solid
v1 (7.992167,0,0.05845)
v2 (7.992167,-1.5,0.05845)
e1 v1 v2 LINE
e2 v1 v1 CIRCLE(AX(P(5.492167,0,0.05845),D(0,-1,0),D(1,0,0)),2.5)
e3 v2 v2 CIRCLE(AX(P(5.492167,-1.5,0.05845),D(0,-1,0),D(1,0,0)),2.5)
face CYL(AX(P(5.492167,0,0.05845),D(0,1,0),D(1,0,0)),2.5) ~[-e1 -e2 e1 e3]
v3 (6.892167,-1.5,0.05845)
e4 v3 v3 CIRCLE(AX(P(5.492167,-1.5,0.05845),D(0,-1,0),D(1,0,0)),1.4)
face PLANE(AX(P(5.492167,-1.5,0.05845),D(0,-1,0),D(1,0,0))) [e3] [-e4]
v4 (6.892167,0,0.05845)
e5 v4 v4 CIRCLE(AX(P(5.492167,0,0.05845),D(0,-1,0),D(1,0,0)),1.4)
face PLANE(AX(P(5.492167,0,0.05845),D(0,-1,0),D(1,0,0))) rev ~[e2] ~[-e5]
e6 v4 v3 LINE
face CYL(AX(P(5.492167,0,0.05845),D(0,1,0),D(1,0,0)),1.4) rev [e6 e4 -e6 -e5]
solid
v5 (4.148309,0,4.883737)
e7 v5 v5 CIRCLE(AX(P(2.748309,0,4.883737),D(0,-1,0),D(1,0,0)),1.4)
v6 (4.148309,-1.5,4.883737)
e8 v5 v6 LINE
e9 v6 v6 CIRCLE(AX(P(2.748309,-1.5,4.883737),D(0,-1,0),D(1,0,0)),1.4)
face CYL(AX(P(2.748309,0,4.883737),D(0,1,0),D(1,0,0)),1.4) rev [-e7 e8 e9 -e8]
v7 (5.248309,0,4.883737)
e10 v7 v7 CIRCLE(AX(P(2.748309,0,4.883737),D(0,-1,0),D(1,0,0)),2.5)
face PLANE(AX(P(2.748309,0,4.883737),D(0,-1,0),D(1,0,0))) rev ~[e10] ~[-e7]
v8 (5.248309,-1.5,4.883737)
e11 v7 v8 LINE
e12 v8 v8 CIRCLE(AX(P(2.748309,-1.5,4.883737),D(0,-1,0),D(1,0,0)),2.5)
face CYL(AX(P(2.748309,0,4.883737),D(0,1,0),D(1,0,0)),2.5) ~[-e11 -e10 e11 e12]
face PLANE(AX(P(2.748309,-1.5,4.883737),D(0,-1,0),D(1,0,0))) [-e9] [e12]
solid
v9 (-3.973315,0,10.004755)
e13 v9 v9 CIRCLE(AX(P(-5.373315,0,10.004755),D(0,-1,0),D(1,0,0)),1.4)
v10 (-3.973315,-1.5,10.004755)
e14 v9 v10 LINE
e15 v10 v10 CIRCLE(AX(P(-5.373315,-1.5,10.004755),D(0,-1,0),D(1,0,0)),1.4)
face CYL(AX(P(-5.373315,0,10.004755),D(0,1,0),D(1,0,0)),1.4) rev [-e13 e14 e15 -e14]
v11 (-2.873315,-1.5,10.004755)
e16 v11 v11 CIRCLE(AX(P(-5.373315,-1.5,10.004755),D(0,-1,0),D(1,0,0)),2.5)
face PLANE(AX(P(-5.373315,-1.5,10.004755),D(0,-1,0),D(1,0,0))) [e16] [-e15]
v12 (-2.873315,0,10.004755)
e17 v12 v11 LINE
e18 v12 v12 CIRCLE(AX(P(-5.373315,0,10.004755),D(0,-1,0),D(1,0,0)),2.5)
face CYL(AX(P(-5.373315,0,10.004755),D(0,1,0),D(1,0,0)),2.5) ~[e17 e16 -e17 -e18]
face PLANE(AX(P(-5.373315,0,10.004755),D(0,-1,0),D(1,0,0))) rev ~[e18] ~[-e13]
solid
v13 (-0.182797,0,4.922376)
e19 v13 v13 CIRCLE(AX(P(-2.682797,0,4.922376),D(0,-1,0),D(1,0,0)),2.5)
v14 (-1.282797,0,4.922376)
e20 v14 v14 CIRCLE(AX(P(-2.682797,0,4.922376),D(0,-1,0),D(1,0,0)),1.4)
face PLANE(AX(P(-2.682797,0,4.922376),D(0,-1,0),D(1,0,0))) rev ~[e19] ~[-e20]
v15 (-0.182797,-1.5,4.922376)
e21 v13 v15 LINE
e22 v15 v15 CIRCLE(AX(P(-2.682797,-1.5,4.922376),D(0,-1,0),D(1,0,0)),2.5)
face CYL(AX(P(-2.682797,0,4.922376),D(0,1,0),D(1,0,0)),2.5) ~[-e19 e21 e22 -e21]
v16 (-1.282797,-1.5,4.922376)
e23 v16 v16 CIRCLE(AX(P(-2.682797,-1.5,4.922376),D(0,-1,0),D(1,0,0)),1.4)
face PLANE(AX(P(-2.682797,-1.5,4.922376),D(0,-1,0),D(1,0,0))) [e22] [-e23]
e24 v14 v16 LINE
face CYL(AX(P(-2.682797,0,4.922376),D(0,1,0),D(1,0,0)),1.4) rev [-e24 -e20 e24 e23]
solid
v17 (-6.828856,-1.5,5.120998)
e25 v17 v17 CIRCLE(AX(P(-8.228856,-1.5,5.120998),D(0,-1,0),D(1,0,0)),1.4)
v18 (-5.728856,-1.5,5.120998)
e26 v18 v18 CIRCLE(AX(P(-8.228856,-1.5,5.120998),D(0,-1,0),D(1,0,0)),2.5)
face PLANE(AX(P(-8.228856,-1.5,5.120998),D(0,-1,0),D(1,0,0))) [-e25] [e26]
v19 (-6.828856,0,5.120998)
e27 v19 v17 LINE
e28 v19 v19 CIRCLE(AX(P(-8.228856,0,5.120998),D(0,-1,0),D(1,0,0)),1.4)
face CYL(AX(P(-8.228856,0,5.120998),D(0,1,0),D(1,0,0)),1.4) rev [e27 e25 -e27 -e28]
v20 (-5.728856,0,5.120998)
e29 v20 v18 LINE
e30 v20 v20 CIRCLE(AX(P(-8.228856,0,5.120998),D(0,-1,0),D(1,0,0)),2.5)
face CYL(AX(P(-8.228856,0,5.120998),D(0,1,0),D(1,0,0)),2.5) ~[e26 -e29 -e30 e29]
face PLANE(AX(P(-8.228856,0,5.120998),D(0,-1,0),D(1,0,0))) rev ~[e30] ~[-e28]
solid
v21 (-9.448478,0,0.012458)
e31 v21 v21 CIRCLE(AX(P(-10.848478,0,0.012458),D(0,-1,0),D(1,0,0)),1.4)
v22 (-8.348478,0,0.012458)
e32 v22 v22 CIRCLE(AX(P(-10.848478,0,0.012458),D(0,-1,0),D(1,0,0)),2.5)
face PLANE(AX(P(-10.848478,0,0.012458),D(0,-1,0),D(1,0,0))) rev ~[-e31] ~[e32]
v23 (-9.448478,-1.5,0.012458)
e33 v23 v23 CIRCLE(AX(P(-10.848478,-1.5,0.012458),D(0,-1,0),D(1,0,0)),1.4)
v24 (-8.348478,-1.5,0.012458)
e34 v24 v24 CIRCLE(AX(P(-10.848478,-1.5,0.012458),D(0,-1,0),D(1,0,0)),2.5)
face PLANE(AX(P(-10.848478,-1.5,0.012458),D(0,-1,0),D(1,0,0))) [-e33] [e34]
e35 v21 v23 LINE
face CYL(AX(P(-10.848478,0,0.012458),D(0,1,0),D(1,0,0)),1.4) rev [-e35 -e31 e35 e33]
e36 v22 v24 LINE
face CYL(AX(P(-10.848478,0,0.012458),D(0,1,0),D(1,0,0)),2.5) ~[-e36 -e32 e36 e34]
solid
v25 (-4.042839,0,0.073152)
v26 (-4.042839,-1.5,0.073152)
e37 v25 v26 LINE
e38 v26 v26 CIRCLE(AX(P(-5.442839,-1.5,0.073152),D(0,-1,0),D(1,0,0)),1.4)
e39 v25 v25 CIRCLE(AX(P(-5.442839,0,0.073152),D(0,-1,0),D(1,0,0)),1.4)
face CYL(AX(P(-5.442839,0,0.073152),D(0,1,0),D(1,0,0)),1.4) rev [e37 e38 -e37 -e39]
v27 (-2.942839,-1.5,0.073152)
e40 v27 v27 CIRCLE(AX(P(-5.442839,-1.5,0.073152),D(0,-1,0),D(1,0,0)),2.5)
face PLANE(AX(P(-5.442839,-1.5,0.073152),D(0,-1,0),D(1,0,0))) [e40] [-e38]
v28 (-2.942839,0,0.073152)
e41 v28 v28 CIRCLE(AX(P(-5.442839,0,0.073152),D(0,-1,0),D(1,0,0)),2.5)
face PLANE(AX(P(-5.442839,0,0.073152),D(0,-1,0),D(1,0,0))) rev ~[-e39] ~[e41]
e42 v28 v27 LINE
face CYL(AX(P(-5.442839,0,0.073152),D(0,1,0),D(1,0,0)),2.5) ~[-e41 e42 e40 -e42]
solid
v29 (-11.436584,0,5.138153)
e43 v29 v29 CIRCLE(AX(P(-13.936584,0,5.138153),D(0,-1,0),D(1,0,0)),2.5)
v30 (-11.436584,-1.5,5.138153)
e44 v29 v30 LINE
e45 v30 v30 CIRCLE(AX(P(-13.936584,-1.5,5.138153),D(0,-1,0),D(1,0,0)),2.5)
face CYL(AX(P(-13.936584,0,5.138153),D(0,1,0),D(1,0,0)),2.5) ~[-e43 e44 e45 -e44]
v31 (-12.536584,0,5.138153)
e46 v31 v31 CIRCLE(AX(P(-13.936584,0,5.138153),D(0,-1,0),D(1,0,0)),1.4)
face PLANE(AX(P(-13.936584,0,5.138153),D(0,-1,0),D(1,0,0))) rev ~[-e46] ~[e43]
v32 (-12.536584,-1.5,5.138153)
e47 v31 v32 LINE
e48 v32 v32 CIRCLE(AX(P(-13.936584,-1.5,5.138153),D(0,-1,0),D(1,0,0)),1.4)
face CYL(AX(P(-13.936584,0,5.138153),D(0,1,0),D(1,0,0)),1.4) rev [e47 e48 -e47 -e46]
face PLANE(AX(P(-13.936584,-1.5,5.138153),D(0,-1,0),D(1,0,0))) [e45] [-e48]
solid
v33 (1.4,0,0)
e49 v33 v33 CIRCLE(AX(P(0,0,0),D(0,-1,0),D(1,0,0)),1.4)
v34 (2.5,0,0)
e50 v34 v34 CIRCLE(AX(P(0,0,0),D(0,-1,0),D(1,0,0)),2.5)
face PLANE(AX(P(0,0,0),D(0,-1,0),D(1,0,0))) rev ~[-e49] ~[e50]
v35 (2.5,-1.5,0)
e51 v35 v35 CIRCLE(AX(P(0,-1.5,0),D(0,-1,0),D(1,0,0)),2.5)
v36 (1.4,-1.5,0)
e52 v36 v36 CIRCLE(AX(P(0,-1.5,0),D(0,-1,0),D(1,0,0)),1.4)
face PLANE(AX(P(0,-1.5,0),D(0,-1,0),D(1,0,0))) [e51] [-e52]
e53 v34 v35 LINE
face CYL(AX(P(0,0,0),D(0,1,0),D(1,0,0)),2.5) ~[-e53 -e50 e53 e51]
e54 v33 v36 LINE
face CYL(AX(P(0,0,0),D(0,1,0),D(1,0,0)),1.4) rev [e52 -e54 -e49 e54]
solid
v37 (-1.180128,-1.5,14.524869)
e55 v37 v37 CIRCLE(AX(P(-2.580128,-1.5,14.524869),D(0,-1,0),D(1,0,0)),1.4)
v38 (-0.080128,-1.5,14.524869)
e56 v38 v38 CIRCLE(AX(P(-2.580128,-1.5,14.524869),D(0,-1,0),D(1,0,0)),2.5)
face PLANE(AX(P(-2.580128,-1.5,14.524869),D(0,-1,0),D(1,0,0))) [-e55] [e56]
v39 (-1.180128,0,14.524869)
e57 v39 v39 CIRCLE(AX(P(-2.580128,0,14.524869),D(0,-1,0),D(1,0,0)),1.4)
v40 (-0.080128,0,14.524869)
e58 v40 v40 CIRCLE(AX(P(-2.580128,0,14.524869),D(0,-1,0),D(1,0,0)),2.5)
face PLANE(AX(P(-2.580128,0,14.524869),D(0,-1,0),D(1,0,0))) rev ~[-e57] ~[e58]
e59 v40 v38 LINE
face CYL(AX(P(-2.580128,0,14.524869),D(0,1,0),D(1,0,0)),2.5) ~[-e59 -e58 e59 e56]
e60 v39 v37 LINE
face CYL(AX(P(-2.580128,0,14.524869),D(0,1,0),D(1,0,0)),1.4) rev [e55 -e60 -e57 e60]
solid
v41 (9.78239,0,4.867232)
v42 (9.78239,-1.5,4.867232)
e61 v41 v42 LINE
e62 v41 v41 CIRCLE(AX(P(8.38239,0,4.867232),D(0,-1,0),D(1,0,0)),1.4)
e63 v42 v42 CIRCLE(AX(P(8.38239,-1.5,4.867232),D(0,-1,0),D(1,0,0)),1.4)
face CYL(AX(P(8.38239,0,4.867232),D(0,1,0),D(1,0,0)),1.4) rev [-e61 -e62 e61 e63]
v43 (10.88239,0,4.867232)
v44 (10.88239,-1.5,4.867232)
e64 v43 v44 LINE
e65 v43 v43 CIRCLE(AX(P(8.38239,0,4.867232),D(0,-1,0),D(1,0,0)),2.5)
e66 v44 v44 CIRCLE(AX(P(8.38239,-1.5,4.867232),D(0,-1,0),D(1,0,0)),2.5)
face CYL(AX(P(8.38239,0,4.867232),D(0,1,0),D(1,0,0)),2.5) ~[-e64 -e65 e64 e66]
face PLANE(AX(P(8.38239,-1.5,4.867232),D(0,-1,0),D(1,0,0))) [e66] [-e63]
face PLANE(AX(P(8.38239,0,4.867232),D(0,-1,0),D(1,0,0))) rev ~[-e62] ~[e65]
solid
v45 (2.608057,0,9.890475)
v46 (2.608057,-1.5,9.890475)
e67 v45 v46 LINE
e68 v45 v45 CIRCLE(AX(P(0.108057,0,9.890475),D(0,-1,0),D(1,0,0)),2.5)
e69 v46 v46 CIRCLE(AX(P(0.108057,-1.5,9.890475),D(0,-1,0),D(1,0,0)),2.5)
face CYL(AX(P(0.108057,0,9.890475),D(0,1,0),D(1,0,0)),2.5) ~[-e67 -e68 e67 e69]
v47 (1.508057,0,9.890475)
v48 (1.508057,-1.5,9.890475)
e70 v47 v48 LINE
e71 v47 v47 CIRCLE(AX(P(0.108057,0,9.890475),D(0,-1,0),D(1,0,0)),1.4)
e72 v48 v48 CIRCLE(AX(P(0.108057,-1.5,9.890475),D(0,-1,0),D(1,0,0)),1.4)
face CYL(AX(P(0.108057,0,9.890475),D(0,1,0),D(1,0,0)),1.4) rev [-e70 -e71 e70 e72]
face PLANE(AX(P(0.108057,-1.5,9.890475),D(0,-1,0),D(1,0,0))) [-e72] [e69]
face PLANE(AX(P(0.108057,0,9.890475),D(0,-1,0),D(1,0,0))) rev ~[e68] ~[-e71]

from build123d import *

# Parameters (mm, degrees)
F0_R     = 2.5
F0_R_2   = 1.4
F1_DEPTH = 1.5


with BuildPart() as f1:
    # F0 (on Front) → F1 (new body)
    with BuildSketch(Plane.XZ):
        with Locations((-13.936584, 5.138153)):
            Circle(F0_R)
        with Locations((-13.936584, 5.138153)):
            Circle(F0_R_2, mode=Mode.SUBTRACT)
        with Locations((-8.228856, 5.120998)):
            Circle(F0_R)
        with Locations((-8.228856, 5.120998)):
            Circle(F0_R_2, mode=Mode.SUBTRACT)
        with Locations((-5.373315, 10.004755)):
            Circle(F0_R)
        with Locations((-5.373315, 10.004755)):
            Circle(F0_R_2, mode=Mode.SUBTRACT)
        with Locations((-2.580128, 14.524869)):
            Circle(F0_R)
        with Locations((-2.580128, 14.524869)):
            Circle(F0_R_2, mode=Mode.SUBTRACT)
        with Locations((0.108057, 9.890475)):
            Circle(F0_R)
        with Locations((0.108057, 9.890475)):
            Circle(F0_R_2, mode=Mode.SUBTRACT)
        with Locations((-2.682797, 4.922376)):
            Circle(F0_R)
        with Locations((-2.682797, 4.922376)):
            Circle(F0_R_2, mode=Mode.SUBTRACT)
        with Locations((-10.848478, 0.012458)):
            Circle(F0_R)
        with Locations((-10.848478, 0.012458)):
            Circle(F0_R_2, mode=Mode.SUBTRACT)
        with Locations((-5.442839, 0.073152)):
            Circle(F0_R)
        with Locations((-5.442839, 0.073152)):
            Circle(F0_R_2, mode=Mode.SUBTRACT)
        Circle(F0_R)
        Circle(F0_R_2, mode=Mode.SUBTRACT)
        with Locations((2.748309, 4.883737)):
            Circle(F0_R)
        with Locations((2.748309, 4.883737)):
            Circle(F0_R_2, mode=Mode.SUBTRACT)
        with Locations((8.38239, 4.867232)):
            Circle(F0_R)
        with Locations((8.38239, 4.867232)):
            Circle(F0_R_2, mode=Mode.SUBTRACT)
        with Locations((5.492167, 0.05845)):
            Circle(F0_R)
        with Locations((5.492167, 0.05845)):
            Circle(F0_R_2, mode=Mode.SUBTRACT)
    extrude(amount=F1_DEPTH)


solid = f1.part
